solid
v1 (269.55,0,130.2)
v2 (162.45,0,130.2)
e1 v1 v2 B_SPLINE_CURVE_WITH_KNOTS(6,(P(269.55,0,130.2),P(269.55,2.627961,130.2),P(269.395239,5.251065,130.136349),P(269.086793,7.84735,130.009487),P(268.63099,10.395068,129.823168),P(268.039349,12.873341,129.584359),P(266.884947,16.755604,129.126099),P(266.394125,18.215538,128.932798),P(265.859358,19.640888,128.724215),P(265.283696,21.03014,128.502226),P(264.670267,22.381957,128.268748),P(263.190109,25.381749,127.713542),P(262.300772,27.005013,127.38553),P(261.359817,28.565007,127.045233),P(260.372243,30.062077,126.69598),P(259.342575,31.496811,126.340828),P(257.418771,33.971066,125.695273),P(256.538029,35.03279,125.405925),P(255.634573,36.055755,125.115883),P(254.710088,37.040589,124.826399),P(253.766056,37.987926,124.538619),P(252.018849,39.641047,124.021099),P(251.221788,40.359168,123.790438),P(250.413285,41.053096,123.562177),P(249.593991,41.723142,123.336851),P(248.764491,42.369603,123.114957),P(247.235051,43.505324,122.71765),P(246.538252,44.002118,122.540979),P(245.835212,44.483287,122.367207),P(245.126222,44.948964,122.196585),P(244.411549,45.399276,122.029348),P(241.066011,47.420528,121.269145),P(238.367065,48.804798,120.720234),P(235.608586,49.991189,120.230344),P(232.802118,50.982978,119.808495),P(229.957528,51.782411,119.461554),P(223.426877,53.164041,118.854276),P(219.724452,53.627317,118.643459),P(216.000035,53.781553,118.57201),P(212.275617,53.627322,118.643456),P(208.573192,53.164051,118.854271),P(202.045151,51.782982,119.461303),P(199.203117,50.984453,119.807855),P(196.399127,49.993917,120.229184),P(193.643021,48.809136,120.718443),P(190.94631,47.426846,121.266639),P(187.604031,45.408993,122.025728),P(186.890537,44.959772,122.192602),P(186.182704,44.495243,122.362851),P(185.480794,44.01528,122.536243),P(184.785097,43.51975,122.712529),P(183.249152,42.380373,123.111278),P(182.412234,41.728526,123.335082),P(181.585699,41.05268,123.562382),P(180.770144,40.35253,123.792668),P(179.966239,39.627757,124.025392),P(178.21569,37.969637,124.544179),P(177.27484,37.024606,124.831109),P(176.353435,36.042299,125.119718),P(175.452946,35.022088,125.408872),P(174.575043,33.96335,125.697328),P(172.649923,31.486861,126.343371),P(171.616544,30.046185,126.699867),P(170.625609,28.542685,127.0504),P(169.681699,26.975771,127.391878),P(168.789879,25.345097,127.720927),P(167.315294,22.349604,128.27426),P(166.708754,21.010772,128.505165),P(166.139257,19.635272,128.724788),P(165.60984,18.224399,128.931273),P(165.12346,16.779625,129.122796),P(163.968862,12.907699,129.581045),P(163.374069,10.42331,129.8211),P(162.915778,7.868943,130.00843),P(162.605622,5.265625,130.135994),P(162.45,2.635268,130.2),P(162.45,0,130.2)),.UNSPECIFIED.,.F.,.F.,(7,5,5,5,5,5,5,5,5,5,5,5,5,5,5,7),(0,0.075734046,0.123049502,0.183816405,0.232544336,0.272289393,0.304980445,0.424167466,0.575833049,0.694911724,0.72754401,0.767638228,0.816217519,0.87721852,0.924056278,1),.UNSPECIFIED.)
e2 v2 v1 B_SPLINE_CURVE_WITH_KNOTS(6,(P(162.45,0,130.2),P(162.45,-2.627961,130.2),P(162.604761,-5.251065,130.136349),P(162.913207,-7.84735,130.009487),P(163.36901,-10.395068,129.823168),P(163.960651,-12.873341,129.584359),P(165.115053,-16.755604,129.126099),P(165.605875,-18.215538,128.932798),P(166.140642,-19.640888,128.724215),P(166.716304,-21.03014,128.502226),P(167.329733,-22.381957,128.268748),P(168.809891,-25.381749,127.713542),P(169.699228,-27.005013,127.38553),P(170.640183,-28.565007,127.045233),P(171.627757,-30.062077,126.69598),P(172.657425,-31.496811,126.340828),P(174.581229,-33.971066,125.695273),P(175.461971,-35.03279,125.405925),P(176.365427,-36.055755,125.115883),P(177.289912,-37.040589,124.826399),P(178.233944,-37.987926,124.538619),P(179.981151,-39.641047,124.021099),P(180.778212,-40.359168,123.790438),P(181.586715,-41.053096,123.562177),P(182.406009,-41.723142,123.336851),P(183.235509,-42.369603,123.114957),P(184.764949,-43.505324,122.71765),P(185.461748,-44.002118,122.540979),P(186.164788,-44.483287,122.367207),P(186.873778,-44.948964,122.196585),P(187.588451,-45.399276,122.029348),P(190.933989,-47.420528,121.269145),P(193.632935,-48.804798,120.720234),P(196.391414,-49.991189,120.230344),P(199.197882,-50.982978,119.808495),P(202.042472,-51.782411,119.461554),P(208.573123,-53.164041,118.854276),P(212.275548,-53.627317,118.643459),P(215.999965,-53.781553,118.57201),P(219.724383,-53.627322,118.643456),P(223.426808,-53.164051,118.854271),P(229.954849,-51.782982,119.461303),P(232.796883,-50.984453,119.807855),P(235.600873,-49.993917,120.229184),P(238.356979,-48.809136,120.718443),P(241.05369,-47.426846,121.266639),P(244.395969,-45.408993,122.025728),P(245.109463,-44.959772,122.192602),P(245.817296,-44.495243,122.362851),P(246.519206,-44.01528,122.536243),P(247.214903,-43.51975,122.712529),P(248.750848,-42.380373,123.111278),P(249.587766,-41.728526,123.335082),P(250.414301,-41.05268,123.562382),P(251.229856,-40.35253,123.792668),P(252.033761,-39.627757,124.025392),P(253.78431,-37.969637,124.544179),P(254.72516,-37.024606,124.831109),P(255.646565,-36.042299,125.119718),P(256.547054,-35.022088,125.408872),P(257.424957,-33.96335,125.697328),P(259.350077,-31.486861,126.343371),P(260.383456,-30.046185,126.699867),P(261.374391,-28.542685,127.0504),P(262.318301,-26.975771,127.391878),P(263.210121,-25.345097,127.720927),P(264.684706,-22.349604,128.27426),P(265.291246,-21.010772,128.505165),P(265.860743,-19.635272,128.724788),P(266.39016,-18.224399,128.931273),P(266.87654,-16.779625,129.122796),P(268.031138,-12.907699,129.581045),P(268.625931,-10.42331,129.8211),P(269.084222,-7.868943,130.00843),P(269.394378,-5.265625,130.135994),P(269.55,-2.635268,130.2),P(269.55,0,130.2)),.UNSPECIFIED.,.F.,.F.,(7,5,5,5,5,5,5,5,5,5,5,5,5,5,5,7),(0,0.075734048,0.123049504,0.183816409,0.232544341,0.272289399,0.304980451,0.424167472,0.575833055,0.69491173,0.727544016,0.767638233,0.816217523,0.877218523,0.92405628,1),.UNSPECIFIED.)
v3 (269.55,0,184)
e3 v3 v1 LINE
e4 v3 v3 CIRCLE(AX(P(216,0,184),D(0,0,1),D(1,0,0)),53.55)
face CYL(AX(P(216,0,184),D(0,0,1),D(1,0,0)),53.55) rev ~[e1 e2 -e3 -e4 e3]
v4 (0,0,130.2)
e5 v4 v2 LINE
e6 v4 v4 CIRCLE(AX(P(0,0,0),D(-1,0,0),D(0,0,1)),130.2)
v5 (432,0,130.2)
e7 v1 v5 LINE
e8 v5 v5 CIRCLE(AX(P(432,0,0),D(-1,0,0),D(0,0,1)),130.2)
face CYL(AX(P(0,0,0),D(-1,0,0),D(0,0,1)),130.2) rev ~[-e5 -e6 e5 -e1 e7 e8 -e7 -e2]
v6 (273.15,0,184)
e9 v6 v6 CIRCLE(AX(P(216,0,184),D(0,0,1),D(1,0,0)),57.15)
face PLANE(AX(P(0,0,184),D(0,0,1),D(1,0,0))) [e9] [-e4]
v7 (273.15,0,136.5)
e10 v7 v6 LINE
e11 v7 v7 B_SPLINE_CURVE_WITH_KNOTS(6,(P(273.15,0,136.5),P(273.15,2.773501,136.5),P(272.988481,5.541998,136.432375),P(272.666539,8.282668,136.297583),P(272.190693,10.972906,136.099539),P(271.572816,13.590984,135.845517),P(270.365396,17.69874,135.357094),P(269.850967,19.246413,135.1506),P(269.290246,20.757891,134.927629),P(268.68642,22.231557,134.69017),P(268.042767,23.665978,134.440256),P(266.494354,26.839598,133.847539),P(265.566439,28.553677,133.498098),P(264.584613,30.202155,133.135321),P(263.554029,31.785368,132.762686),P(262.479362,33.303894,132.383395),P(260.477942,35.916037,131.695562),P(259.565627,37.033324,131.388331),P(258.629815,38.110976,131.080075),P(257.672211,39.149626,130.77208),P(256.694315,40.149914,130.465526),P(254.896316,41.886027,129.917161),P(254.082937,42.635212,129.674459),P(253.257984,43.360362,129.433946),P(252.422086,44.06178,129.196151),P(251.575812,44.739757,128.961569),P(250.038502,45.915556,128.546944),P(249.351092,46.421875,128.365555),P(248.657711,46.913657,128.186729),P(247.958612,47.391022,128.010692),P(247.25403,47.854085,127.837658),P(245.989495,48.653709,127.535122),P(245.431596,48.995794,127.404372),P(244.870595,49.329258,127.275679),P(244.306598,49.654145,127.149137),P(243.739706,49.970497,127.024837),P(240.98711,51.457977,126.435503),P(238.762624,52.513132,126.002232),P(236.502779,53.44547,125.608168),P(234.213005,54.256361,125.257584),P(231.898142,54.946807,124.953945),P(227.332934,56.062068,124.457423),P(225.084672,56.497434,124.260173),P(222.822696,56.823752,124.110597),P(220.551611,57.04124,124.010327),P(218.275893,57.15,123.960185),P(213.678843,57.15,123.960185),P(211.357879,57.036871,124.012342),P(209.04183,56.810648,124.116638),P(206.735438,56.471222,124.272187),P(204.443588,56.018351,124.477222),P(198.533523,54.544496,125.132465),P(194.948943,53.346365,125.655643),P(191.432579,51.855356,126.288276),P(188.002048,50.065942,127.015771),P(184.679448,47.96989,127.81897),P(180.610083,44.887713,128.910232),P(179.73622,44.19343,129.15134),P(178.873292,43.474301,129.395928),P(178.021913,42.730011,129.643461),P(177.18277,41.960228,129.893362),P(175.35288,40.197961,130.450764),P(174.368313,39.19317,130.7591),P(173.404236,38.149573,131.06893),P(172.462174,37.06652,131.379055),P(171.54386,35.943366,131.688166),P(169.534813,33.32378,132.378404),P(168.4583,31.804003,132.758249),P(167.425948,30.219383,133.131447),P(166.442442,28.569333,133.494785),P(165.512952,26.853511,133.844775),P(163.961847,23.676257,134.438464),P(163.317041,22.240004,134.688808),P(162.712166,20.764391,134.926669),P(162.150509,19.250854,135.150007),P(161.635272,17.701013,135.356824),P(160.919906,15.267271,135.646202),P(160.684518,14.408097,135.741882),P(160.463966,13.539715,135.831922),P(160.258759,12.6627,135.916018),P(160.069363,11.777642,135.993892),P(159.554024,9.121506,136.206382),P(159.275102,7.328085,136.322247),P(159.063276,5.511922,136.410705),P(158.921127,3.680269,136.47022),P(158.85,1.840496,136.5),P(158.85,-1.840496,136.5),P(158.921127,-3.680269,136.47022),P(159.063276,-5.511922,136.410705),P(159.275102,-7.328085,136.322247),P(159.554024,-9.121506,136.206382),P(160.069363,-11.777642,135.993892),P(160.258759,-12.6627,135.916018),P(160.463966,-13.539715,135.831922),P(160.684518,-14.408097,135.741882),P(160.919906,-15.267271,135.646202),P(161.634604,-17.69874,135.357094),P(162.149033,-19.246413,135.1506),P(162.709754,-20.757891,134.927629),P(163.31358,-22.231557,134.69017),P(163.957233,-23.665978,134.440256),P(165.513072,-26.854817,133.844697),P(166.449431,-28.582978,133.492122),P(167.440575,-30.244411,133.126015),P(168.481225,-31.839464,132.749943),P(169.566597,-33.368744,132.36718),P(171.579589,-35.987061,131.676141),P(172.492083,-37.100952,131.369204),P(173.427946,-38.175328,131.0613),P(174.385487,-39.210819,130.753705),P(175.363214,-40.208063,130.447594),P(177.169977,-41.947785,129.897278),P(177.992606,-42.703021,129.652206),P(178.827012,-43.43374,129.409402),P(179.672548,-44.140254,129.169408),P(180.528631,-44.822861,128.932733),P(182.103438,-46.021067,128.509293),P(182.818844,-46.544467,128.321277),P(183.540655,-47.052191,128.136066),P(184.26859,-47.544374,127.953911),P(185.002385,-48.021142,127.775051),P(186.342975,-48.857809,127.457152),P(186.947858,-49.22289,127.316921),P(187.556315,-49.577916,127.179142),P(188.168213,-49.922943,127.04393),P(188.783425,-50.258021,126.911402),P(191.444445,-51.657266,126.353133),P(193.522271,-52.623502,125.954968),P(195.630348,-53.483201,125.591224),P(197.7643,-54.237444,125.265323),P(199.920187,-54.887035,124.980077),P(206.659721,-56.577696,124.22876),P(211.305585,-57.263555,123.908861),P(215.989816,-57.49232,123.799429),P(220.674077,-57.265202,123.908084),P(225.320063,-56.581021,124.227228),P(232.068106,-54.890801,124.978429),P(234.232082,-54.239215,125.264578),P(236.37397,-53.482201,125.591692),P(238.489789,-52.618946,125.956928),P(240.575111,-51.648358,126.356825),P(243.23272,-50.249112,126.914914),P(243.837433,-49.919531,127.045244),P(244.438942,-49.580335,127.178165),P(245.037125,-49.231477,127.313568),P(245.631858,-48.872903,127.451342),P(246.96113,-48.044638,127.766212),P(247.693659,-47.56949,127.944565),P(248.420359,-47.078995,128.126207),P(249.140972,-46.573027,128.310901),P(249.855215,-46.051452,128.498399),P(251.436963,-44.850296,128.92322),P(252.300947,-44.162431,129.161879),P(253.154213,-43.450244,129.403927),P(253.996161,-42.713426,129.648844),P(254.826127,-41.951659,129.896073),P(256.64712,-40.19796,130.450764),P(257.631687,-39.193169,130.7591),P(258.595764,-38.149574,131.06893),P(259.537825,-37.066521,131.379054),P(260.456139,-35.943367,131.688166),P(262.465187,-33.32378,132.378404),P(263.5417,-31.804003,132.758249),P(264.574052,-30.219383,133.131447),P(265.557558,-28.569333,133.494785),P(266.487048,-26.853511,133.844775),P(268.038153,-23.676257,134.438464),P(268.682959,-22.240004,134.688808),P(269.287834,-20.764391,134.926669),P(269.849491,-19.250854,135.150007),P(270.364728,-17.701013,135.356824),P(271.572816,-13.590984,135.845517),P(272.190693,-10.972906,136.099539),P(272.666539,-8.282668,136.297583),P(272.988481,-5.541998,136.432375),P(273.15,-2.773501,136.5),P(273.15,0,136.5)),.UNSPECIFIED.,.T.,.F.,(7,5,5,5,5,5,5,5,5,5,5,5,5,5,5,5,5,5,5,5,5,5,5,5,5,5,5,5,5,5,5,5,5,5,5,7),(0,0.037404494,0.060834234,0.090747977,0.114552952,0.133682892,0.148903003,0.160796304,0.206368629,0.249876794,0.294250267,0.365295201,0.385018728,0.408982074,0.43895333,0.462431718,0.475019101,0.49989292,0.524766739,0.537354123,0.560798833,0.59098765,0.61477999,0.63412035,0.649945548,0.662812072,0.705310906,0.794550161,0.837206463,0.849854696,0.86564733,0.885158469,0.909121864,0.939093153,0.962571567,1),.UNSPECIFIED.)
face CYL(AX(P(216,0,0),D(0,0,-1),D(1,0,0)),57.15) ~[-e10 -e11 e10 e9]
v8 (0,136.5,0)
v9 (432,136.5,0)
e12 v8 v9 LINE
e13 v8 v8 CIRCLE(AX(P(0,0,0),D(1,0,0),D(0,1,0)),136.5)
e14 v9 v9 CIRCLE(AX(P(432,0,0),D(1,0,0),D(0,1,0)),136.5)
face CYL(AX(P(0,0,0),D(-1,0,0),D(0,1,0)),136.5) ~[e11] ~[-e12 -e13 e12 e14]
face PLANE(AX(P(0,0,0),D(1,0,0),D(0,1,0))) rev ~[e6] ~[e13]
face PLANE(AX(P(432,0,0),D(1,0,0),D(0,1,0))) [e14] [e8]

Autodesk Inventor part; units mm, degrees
ref_plane "YZ Plane" through (0, 0, 0) normal (1, 0, 0) x (0, 1, 0)
ref_plane "XZ Plane" through (0, 0, 0) normal (0, 1, 0) x (-1, 0, 0)
ref_plane "XY Plane" through (0, 0, 0) normal (0, 0, 1) x (1, 0, 0)
sketch "Sketch1" plane through (0, 0, 0) normal (1, 0, 0) x (0, 1, 0)
  circle A0 centre (0, 0) radius 136.5
  dimension "d0" = 273
extrude "Extrude1" add sketch "Sketch1" along normal blind 432
sketch "Sketch2" plane through (0, 0, 0) normal (0, 0, 1) x (1, 0, 0)
  line L0 (0, 136.5) -> (0, -136.5) projected
  line L1 (432, 136.5) -> (432, -136.5) projected
  line L2 (0, 0) -> (432, 0) construction
  circle A0 centre (216, 0) radius 57.15
  dimension "d3" = 114.3
extrude "Extrude2" add sketch "Sketch2" along normal blind 184
sketch "Sketch3" plane through (0, 0, 0) normal (-1, 0, 0) x (0, 0, 1)
  circle A0 centre (0, 0) radius 136.5 projected
  circle A1 centre (0, 0) radius 130.2
  dimension "a" = 216
  dimension "d6" = 260.4
extrude "Extrude3" cut sketch "Sketch3" against normal through all contours A1
sketch "Sketch4" plane through (216, 0, 184) normal (0, 0, 1) x (1, 0, 0)
  circle A0 centre (0, 0) radius 57.15 projected
  circle A1 centre (0, 0) radius 53.55
  dimension "d9" = 107.1
extrude "Extrude4" cut sketch "Sketch4" against normal up to next contours A1
equation "\"d0\" = D1"
equation "\"d1\" = 2 * a"
equation "\"d3\" = D2"
equation "\"d4\" = b"
equation "\"a\" = 216"
equation "\"d6\" = D1 - 2 * s1"
equation "\"d7\" = a"
equation "\"d9\" = D2 - 2 * s2"
equation "\"d10\" = a"
equation "\"D1\" = 273"
equation "\"s1\" = 6.3"
equation "\"D2\" = 114.3"
equation "\"s2\" = 3.6"
equation "\"b\" = 184"
equation "\"Size_Designation\" = 1.2345"
properties part number "DIN 2615-1 Переходный тройник 273 x 6.3 - 114.3 x 3.6 S" material "Сталь"
